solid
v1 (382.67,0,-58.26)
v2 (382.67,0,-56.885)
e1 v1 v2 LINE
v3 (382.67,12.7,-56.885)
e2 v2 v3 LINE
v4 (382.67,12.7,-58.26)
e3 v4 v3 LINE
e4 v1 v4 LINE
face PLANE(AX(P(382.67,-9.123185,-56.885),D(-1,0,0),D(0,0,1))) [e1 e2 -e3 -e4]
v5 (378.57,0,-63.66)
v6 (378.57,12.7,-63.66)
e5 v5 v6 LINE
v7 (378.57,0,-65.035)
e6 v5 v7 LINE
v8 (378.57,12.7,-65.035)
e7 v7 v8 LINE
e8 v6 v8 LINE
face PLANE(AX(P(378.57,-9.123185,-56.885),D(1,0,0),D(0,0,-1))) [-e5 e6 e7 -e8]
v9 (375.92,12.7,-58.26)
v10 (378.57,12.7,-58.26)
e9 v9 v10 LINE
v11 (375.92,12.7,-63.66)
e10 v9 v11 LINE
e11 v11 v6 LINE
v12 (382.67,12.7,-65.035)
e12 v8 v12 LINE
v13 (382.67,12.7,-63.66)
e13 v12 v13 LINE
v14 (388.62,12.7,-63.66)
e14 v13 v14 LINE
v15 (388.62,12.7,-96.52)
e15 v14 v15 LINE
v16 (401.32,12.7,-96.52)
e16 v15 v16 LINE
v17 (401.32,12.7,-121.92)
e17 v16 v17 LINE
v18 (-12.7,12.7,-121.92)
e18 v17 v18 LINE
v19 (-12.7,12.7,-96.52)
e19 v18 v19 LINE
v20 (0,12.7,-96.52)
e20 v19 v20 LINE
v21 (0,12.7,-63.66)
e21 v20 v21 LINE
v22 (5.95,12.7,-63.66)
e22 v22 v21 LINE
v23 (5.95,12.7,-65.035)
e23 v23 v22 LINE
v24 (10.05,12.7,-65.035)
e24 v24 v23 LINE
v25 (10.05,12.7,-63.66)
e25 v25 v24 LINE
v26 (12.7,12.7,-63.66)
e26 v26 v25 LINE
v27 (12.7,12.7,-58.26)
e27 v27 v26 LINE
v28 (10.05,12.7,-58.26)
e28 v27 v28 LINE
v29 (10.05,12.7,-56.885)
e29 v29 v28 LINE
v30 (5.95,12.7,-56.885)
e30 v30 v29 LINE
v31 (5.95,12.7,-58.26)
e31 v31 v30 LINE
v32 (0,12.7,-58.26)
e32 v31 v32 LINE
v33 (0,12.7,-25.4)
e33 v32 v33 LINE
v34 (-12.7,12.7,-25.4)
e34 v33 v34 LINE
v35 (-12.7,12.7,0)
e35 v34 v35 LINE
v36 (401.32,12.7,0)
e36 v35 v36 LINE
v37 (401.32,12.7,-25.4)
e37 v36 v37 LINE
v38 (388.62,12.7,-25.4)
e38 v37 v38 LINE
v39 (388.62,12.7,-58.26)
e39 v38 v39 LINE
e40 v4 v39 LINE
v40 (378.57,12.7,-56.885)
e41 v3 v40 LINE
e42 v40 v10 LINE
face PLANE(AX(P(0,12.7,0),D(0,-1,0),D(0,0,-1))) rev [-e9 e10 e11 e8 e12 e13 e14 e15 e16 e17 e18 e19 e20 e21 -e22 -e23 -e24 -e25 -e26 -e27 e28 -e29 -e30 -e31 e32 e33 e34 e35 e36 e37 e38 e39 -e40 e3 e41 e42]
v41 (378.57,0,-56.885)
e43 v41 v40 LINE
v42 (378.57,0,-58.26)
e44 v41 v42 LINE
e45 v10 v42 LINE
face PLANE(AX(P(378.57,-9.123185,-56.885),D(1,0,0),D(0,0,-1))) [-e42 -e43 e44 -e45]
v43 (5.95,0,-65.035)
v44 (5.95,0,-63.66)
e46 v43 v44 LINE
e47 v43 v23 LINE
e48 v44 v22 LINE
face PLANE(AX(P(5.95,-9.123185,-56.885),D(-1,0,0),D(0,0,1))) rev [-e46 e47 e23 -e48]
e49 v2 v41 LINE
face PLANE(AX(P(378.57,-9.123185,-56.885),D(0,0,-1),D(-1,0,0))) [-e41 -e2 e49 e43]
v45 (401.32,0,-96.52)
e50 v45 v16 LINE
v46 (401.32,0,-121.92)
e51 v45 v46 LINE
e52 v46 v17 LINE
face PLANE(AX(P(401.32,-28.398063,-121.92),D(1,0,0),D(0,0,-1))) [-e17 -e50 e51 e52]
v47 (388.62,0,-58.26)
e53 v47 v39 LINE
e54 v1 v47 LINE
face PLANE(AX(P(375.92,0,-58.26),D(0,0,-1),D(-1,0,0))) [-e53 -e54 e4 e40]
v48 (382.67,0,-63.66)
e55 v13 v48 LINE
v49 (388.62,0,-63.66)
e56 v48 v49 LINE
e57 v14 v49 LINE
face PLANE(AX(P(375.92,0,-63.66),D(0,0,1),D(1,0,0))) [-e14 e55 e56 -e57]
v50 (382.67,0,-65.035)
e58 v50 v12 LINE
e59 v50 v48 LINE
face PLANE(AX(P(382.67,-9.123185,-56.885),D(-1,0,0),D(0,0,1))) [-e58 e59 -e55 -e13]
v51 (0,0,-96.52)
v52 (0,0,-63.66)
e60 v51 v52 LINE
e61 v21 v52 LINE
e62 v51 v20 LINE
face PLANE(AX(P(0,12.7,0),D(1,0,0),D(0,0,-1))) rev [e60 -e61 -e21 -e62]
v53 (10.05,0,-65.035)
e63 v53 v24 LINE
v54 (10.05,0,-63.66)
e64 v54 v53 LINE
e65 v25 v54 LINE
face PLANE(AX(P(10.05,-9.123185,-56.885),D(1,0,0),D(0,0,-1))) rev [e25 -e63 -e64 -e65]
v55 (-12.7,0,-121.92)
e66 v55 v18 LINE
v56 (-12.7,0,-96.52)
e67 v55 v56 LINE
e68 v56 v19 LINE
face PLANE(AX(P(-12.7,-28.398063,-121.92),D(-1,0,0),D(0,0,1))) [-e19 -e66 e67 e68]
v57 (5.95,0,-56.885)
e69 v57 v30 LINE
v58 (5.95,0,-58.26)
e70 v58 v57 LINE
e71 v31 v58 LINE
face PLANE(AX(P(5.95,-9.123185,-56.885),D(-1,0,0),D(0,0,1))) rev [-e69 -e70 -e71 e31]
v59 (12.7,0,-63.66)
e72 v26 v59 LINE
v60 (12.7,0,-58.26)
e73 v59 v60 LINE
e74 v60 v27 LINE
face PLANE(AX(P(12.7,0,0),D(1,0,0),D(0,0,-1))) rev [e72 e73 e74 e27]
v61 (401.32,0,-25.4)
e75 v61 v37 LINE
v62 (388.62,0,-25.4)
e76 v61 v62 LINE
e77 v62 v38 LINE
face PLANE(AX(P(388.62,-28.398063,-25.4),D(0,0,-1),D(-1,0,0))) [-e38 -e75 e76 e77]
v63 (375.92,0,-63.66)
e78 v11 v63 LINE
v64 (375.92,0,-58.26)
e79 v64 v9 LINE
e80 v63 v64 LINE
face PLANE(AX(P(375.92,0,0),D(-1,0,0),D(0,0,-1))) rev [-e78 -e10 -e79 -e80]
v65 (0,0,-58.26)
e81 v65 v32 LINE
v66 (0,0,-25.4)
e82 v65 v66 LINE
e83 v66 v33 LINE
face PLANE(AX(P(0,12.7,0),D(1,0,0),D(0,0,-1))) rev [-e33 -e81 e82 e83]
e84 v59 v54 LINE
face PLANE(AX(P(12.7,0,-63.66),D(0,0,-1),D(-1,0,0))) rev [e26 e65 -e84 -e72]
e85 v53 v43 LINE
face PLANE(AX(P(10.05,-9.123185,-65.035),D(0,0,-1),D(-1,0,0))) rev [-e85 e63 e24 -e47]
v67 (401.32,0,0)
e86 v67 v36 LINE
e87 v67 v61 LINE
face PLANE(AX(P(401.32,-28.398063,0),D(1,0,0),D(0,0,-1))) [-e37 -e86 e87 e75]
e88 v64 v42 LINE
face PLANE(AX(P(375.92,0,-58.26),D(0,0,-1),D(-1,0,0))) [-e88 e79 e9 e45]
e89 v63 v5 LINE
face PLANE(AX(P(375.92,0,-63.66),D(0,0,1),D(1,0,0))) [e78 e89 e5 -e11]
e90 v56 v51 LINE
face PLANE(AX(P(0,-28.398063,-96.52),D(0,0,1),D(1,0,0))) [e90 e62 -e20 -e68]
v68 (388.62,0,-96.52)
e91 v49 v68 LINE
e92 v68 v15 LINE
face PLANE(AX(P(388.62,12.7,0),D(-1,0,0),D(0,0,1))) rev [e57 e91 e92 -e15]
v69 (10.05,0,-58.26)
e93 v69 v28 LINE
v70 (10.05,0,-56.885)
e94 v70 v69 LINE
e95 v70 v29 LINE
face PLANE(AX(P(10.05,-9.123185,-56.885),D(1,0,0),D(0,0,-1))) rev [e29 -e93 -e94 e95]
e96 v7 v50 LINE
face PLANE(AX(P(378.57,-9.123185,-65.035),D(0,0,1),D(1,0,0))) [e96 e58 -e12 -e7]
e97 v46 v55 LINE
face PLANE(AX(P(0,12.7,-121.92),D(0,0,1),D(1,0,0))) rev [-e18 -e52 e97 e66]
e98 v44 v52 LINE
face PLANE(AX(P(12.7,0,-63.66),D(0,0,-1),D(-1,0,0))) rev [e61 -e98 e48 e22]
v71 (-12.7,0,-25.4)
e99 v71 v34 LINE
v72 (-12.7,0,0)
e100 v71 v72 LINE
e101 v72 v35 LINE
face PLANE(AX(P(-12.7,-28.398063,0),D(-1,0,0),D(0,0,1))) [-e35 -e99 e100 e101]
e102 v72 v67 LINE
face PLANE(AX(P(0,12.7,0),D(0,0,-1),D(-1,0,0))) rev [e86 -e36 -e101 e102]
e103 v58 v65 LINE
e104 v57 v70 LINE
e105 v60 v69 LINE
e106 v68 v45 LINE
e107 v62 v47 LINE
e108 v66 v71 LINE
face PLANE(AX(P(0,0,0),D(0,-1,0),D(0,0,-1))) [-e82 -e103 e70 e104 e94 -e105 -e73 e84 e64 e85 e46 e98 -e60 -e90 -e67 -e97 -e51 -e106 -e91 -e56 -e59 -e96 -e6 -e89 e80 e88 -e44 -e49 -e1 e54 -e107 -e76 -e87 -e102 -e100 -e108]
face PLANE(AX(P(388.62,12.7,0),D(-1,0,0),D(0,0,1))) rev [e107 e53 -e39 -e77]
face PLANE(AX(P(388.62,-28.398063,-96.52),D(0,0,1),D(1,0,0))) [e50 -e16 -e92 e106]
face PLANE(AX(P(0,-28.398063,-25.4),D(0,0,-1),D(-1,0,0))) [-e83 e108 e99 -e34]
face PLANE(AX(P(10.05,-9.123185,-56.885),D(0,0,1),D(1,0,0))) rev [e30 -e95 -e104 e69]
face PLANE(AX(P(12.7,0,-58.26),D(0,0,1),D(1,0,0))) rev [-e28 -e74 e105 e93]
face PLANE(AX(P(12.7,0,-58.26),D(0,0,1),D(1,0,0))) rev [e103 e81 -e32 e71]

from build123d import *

# Parameters (mm, degrees)
SKETCH1_W           = 388.62
SKETCH1_H           = 121.92
BOSS_EXTRUDE1_DEPTH = 12.7
SKETCH3_W           = 12.7
SKETCH3_H           = 25.4
TABS_DEPTH          = 12.7
SKETCH4_W           = 5.4
SKETCH4_H           = 12.7
SCREW_SLOT_DEPTH    = 12.7
SKETCH5_W           = 4.1
SKETCH5_H           = 8.15
NUT_SLOT_DEPTH      = 12.7


with BuildPart() as part:
    # Sketch1 → Boss-Extrude1 (new body)
    with BuildSketch(Plane(origin=(0, 0, 0), x_dir=(1, 0, 0), z_dir=(0, 1, 0))):
        with Locations((194.31, 60.96)):
            Rectangle(SKETCH1_W, SKETCH1_H)
    extrude(amount=BOSS_EXTRUDE1_DEPTH)

    # Sketch3 → tabs (add)
    with BuildSketch(Plane(origin=(0, 12.7, 0), x_dir=(1, 0, 0), z_dir=(0, 1, 0))):
        with Locations((-6.35, 109.22)):
            Rectangle(SKETCH3_W, SKETCH3_H)
        with Locations((-6.35, 12.7)):
            Rectangle(SKETCH3_W, SKETCH3_H)
        with Locations((394.97, 12.7)):
            Rectangle(SKETCH3_W, SKETCH3_H)
        with Locations((394.97, 109.22)):
            Rectangle(SKETCH3_W, SKETCH3_H)
    extrude(amount=-TABS_DEPTH)

    # Sketch4 → screw slot (cut)
    with BuildSketch(Plane.ZY):
        with Locations((-60.96, 6.35)):
            Rectangle(SKETCH4_W, SKETCH4_H)
    screw_slot = extrude(amount=-SCREW_SLOT_DEPTH, mode=Mode.SUBTRACT)

    # Sketch5 → nut slot (cut)
    with BuildSketch(Plane(origin=(0, 12.7, 0), x_dir=(1, 0, 0), z_dir=(0, 1, 0))):
        with Locations((8, 60.96)):
            Rectangle(SKETCH5_W, SKETCH5_H)
    nut_slot = extrude(amount=-NUT_SLOT_DEPTH, mode=Mode.SUBTRACT)

    # Mirror1: screw slot, nut slot across plane
    add(screw_slot.mirror(Plane(origin=(194.31, 0, 0), x_dir=(0, 0, 1), z_dir=(1, 0, 0))), mode=Mode.SUBTRACT)
    add(nut_slot.mirror(Plane(origin=(194.31, 0, 0), x_dir=(0, 0, 1), z_dir=(1, 0, 0))), mode=Mode.SUBTRACT)


solid = part.part
